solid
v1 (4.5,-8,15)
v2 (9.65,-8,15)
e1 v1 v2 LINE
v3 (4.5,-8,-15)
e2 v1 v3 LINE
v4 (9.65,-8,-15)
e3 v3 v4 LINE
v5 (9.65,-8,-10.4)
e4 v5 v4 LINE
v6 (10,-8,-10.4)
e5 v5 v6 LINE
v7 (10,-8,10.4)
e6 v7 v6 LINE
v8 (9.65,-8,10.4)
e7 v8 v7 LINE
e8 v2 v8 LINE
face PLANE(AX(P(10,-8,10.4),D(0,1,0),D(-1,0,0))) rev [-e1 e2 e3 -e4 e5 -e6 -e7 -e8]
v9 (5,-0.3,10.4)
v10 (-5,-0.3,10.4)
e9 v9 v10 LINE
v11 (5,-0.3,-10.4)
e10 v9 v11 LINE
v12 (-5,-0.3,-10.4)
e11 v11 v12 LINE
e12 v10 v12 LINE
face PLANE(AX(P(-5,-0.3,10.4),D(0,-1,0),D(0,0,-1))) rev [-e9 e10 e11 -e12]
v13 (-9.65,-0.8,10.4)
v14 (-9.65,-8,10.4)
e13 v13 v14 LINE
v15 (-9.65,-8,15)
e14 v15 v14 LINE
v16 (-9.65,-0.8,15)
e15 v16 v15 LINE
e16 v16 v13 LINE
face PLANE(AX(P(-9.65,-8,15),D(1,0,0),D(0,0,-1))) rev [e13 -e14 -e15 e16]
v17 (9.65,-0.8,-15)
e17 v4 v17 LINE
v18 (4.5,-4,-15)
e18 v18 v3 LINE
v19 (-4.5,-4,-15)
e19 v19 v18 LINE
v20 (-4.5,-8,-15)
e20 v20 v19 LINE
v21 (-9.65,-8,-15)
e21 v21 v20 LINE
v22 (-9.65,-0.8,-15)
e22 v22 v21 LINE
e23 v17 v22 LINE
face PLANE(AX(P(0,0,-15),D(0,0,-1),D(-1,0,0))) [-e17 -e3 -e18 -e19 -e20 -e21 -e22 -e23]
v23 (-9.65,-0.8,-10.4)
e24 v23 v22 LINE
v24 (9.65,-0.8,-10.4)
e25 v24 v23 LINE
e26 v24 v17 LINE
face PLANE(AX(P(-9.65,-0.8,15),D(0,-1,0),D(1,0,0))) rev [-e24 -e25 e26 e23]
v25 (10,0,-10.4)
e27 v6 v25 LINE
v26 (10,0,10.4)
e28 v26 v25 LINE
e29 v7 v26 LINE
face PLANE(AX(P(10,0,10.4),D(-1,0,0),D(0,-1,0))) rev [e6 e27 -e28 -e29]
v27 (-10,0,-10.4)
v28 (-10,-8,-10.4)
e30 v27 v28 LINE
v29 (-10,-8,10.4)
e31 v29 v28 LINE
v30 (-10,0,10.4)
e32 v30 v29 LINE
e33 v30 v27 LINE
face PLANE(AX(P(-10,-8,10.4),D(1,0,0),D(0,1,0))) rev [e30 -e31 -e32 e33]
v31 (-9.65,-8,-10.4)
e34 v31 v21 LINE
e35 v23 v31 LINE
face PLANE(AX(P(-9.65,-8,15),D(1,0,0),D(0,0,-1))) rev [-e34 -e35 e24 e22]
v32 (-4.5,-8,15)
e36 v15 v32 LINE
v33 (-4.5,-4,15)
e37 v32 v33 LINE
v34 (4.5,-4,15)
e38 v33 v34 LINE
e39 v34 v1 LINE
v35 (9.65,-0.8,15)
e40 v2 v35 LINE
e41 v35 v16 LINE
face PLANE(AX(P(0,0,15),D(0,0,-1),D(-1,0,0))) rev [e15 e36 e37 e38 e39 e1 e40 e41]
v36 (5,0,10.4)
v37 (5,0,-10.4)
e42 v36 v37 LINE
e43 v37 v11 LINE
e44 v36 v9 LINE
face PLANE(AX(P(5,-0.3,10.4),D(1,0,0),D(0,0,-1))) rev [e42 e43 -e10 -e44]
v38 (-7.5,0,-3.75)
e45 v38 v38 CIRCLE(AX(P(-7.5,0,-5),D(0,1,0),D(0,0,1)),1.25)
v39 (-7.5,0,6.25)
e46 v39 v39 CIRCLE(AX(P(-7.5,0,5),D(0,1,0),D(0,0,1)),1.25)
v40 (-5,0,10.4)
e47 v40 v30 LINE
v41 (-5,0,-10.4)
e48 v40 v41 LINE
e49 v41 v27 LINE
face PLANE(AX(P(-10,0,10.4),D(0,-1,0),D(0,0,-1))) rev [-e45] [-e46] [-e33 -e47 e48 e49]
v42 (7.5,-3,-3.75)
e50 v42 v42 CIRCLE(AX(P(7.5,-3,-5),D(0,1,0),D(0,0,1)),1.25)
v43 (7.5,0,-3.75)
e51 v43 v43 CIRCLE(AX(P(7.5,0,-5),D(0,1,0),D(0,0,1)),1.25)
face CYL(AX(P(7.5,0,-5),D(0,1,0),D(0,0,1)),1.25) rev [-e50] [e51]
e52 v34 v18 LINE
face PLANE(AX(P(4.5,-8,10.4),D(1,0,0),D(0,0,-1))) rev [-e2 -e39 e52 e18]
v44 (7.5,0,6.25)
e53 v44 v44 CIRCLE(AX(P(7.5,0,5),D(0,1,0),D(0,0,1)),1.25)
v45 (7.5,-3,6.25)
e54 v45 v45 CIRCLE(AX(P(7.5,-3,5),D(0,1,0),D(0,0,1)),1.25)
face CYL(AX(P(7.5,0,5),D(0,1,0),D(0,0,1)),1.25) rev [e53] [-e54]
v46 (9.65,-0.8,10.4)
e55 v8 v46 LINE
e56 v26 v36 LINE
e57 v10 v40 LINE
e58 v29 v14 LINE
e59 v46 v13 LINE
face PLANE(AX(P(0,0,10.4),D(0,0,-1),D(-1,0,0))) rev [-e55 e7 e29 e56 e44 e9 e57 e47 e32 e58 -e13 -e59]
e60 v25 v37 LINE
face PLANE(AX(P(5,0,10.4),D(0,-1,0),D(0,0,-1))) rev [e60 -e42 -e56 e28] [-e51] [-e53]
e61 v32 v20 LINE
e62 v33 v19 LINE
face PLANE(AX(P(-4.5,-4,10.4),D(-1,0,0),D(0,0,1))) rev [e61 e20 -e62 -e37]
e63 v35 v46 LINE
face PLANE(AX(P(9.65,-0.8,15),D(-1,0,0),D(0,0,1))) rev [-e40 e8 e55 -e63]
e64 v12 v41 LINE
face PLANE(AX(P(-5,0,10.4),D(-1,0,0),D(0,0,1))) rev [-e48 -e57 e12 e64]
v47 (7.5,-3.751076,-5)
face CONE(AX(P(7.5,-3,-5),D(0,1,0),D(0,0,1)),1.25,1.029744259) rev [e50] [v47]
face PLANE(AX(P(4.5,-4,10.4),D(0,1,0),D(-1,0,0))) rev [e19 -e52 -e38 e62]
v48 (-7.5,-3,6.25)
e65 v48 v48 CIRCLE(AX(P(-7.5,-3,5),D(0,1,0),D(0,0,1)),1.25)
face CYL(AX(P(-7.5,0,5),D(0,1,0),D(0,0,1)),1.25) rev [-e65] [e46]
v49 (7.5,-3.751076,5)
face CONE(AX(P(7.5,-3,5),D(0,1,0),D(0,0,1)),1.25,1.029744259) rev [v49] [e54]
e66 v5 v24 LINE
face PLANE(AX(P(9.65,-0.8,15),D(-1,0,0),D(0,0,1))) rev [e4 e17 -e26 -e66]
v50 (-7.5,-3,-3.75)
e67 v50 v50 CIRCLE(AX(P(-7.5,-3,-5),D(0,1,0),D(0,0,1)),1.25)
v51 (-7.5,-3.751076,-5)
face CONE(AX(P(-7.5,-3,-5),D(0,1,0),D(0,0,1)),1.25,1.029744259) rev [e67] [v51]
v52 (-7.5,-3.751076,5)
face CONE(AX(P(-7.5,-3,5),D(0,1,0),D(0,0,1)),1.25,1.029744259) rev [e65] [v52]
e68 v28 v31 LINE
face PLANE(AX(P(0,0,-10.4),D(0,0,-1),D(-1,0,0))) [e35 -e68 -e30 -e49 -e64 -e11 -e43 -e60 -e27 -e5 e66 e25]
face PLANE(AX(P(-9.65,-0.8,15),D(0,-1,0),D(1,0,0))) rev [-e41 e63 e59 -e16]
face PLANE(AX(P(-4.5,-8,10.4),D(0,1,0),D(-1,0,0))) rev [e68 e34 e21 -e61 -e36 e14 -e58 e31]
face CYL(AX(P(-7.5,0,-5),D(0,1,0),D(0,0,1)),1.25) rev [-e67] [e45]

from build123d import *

# Parameters (mm, degrees)
BOSS_EXTRUDE1_DEPTH         = 10.4
BOSS_EXTRUDE2_DEPTH         = 15
TAP_DRILL_FOR_M3_TAP1_D     = 2.5
TAP_DRILL_FOR_M3_TAP1_DEPTH = 3
TAP_DRILL_FOR_M3_TAP1_TIP   = 0.751075774


with BuildPart() as part:
    # Sketch1 → Boss-Extrude1 (new, symmetric)
    with BuildSketch(Plane.XY):
        Polygon((-10, 0), (-5, 0), (-5, -0.3), (5, -0.3), (5, 0), (10, 0), (10, -8), (4.5, -8), (4.5, -4), (-4.5, -4), (-4.5, -8), (-10, -8), align=None)
    extrude(amount=BOSS_EXTRUDE1_DEPTH, both=True)

    # Sketch2 → Boss-Extrude2 (add, symmetric)
    with BuildSketch(Plane.XY):
        Polygon((-9.65, -0.8), (9.65, -0.8), (9.65, -8), (4.5, -8), (4.5, -4), (-4.5, -4), (-4.5, -8), (-9.65, -8), align=None)
    extrude(amount=BOSS_EXTRUDE2_DEPTH, both=True)

    # Tap Drill for M3 Tap1
    with Locations(Plane(origin=(0, 0, 0), x_dir=(1, 0, 0), z_dir=(0, 1, 0))):
        with Locations((7.5, 5), (7.5, -5), (-7.5, 5), (-7.5, -5)):
            Hole(TAP_DRILL_FOR_M3_TAP1_D / 2, depth=TAP_DRILL_FOR_M3_TAP1_DEPTH)
            with Locations((0, 0, -(TAP_DRILL_FOR_M3_TAP1_DEPTH + TAP_DRILL_FOR_M3_TAP1_TIP / 2))):  # 118° drill point
                Cone(0, TAP_DRILL_FOR_M3_TAP1_D / 2, TAP_DRILL_FOR_M3_TAP1_TIP, mode=Mode.SUBTRACT)


solid = part.part
